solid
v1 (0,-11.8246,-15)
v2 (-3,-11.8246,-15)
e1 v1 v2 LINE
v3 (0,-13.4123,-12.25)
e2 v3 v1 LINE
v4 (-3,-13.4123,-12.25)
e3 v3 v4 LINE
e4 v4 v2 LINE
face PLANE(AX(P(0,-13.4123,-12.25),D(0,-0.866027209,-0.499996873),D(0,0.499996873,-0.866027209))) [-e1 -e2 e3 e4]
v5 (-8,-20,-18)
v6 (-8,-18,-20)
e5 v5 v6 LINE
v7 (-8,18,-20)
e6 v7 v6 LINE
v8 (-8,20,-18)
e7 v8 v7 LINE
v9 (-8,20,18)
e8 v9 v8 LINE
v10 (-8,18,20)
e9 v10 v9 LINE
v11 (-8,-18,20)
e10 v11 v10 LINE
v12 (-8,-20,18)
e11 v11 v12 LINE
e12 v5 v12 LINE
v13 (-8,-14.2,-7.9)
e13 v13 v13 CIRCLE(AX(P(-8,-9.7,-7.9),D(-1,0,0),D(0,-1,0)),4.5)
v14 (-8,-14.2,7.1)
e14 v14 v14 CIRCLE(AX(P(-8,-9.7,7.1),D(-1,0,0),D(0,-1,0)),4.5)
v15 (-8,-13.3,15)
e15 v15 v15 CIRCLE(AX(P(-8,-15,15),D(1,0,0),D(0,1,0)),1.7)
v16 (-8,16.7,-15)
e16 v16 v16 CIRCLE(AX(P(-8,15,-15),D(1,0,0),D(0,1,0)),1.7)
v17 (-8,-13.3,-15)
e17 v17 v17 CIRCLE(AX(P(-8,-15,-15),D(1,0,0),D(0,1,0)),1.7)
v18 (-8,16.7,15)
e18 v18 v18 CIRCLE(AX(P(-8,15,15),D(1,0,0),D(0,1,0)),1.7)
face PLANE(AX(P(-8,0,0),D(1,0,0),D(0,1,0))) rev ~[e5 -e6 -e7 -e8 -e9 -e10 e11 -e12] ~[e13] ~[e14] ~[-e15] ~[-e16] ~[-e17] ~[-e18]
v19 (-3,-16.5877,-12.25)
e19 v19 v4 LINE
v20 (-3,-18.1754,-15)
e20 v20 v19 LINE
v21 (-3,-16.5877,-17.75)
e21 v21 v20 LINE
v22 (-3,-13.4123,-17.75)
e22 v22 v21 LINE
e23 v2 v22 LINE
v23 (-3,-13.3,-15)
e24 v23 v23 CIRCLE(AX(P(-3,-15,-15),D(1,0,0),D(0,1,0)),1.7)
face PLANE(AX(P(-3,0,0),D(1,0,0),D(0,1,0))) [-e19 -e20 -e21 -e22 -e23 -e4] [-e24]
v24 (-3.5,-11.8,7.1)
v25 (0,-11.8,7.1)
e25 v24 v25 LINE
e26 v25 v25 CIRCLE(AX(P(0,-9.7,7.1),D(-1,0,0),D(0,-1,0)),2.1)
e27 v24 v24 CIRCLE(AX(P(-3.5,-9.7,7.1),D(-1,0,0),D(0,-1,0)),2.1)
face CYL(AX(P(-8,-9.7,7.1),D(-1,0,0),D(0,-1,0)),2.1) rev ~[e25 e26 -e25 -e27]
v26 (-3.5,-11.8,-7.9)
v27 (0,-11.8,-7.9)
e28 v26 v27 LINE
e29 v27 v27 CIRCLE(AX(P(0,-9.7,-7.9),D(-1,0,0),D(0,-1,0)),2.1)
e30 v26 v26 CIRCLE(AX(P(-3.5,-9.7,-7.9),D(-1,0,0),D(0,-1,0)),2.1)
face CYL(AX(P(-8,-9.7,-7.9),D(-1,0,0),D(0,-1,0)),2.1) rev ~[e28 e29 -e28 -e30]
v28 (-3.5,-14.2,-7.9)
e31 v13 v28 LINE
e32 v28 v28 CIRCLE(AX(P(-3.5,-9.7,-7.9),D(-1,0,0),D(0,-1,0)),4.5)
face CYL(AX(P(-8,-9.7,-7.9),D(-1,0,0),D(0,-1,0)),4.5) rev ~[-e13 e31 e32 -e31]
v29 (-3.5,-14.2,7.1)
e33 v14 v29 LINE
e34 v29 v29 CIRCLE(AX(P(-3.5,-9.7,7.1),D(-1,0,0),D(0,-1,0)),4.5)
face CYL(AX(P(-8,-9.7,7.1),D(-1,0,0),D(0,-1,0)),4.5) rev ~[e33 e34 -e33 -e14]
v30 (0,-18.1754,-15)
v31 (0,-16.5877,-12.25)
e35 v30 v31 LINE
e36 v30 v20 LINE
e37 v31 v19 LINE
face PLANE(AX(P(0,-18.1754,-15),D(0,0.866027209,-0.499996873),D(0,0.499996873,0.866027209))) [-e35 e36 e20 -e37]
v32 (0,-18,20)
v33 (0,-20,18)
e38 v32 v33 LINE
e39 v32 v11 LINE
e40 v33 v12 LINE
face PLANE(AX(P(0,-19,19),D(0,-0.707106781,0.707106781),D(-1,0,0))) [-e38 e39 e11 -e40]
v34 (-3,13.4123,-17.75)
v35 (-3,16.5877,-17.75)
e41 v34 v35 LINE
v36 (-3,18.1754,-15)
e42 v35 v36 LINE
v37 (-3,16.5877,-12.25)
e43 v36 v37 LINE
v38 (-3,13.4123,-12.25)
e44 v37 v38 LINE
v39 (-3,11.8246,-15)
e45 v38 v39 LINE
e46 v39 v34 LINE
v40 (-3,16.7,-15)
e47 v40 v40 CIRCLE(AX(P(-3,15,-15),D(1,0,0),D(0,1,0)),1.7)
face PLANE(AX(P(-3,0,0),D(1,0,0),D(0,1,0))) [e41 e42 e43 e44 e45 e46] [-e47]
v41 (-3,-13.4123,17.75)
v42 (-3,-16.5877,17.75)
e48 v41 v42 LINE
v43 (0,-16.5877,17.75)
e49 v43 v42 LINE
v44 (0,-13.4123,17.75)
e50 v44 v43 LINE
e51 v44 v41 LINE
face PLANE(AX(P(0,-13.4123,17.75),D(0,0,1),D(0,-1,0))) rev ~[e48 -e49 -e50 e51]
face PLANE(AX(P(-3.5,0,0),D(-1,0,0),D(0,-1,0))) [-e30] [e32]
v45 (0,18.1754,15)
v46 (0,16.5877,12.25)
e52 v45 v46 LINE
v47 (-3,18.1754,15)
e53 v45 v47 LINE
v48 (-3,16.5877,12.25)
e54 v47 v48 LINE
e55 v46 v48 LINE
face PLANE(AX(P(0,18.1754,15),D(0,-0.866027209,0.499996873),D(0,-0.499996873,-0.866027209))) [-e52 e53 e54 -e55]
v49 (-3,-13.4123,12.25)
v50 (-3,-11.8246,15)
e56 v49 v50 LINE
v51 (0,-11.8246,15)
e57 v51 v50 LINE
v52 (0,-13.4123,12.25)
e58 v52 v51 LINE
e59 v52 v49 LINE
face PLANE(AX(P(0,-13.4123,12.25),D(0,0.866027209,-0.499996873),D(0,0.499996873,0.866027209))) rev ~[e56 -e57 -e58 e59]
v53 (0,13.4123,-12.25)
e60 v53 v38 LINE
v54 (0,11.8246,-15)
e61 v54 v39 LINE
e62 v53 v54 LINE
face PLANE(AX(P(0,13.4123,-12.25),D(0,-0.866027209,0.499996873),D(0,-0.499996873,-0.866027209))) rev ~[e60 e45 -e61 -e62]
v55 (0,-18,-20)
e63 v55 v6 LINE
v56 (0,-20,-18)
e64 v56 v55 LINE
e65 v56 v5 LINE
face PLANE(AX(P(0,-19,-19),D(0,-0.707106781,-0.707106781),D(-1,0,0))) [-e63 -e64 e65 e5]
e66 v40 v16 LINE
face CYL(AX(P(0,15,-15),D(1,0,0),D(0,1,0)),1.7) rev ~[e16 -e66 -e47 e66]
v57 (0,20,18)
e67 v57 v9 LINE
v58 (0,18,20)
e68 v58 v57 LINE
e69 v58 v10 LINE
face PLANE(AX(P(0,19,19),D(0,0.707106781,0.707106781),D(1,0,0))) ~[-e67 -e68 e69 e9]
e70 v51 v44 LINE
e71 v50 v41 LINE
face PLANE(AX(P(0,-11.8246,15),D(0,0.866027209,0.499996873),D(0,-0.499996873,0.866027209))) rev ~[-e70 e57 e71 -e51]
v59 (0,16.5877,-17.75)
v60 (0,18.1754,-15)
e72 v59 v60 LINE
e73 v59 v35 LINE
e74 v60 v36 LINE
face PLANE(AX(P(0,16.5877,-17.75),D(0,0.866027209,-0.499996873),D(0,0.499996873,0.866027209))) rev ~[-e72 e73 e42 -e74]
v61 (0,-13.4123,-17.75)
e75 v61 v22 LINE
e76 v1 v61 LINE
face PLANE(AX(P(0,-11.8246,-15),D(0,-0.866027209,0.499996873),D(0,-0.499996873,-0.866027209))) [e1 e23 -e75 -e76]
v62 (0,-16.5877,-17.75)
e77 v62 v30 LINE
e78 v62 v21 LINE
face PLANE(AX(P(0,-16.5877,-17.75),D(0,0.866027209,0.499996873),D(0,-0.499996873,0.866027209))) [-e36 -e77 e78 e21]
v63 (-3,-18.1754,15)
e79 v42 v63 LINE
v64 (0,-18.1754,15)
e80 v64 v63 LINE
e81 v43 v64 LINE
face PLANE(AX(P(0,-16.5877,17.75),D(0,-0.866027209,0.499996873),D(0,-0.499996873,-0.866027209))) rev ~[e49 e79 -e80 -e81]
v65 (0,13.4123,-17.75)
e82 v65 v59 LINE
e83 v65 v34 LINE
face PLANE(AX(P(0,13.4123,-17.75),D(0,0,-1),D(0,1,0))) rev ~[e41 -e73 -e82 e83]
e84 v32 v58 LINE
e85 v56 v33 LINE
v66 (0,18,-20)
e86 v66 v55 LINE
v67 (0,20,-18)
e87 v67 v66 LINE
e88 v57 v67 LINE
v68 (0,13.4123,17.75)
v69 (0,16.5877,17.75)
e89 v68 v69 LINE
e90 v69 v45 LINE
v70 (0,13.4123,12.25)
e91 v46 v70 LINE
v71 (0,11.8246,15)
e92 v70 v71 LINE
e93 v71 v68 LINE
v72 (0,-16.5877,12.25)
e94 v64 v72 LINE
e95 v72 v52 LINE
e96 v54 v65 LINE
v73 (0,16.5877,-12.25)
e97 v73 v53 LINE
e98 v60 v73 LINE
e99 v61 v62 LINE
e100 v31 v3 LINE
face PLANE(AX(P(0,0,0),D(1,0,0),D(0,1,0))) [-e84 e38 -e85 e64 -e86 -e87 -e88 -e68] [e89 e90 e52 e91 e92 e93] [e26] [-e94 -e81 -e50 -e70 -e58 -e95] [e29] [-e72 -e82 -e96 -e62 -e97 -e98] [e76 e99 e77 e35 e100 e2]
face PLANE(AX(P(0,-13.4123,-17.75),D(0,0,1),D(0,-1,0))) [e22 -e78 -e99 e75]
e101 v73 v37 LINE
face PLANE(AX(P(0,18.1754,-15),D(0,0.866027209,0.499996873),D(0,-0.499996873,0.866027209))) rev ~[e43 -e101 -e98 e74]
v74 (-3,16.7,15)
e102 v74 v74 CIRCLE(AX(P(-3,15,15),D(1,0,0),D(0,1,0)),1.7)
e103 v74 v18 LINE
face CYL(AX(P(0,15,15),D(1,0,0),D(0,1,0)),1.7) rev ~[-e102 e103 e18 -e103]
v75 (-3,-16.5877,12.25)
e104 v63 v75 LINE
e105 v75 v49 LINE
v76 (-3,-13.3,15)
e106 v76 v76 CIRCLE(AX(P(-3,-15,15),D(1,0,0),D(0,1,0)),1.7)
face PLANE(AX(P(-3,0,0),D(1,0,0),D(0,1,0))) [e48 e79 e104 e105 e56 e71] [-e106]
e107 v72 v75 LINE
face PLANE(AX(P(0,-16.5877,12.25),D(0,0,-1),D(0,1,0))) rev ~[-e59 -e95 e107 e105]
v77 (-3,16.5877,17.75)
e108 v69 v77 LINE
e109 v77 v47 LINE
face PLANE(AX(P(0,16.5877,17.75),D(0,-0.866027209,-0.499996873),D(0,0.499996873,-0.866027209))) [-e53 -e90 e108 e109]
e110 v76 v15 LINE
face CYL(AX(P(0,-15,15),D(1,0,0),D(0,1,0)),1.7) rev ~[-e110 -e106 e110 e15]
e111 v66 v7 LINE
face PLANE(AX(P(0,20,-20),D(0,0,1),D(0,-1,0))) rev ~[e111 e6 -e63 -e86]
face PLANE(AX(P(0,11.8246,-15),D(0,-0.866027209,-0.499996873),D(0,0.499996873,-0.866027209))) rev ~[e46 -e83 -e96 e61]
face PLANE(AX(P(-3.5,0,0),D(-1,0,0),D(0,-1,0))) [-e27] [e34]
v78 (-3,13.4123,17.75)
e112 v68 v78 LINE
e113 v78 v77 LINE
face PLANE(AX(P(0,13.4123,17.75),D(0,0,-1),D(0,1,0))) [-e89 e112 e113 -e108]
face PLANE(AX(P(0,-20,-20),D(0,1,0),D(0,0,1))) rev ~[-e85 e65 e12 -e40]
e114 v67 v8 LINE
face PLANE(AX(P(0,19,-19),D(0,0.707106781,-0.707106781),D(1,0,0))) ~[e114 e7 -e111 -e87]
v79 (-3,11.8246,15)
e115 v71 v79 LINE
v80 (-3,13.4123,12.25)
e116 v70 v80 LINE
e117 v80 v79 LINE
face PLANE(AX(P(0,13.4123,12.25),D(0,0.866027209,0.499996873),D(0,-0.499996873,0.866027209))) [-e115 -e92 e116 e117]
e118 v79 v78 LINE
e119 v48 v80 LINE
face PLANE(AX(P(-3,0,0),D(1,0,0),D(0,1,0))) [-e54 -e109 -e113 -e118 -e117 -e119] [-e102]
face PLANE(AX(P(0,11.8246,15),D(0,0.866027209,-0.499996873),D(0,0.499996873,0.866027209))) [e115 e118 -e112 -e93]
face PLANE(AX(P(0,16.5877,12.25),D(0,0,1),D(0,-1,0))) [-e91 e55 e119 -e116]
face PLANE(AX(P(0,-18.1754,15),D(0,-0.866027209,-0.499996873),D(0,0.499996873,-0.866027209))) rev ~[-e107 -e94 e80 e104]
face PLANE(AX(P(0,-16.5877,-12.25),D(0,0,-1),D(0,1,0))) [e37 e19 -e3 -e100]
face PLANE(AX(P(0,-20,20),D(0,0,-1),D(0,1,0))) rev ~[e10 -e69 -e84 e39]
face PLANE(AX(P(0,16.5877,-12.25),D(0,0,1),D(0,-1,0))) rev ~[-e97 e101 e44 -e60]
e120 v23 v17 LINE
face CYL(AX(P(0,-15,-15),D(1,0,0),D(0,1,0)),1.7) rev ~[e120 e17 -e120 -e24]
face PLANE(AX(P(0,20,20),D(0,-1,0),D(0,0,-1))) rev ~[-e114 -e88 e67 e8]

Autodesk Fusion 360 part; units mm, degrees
sketch "ValveAdapterBase" plane through (0, 0, 0) normal (1, 0, 0) x (0, 1, 0) in component "ValveHalterung"
  line L0 (-15, 15) -> (15, 15) construction
  line L1 (15, 15) -> (15, -15) construction
  line L2 (15, -15) -> (-15, -15) construction
  line L3 (-15, -15) -> (-15, 15) construction
  line L4 (-15, 15) -> (15, -15) construction
  line L5 (15, 15) -> (-15, -15) construction
  circle A0 centre (15, 15) radius 1.7
  circle A1 centre (15, -15) radius 1.7
  circle A2 centre (-15, -15) radius 1.7
  circle A3 centre (-15, 15) radius 1.7
  line L6 (-20, 20) -> (20, 20)
  line L7 (20, 20) -> (20, -20)
  line L8 (20, -20) -> (-20, -20)
  line L9 (-20, -20) -> (-20, 20)
  line L10 (-20, 20) -> (20, -20) construction
  line L11 (20, 20) -> (-20, -20) construction
  line L12 (-16.5877, 17.75) -> (-18.1754, 15)
  line L13 (-18.1754, 15) -> (-16.5877, 12.25)
  line L14 (-16.5877, 12.25) -> (-13.4123, 12.25)
  line L15 (-13.4123, 12.25) -> (-11.8246, 15)
  line L16 (-11.8246, 15) -> (-13.4123, 17.75)
  line L17 (-13.4123, 17.75) -> (-16.5877, 17.75)
  line L18 (0, 33) -> (0, -35) construction
  line L19 (41, 0) -> (-42, 0) construction
  line L20 (11.8246, 15) -> (13.4123, 17.75)
  line L21 (13.4123, 17.75) -> (16.5877, 17.75)
  line L22 (16.5877, 17.75) -> (18.1754, 15)
  line L23 (18.1754, 15) -> (16.5877, 12.25)
  line L24 (13.4123, 12.25) -> (11.8246, 15)
  line L25 (16.5877, 12.25) -> (13.4123, 12.25)
  line L26 (-18.1754, -15) -> (-16.5877, -12.25)
  line L27 (-16.5877, -12.25) -> (-13.4123, -12.25)
  line L28 (-13.4123, -12.25) -> (-11.8246, -15)
  line L29 (-11.8246, -15) -> (-13.4123, -17.75)
  line L30 (-16.5877, -17.75) -> (-18.1754, -15)
  line L31 (-13.4123, -17.75) -> (-16.5877, -17.75)
  line L32 (18.1754, -15) -> (16.5877, -12.25)
  line L33 (16.5877, -12.25) -> (13.4123, -12.25)
  line L34 (13.4123, -12.25) -> (11.8246, -15)
  line L35 (11.8246, -15) -> (13.4123, -17.75)
  line L36 (16.5877, -17.75) -> (18.1754, -15)
  line L37 (13.4123, -17.75) -> (16.5877, -17.75)
  circle A4 centre (7.3158, 9.4632) radius 2.1
  point P0 (-15, 15)
  dimension "d4" = 30
  dimension "d7" = 3.4
  dimension "d8" = 3.4
  dimension "d9" = 3.4
  dimension "d10" = 3.4
  dimension "d12" = 40
  dimension "d17" = 2.75
  dimension "d22" = 4.2
extrude "Extrude1" add sketch "ValveAdapterBase" against normal blind 8 contours L6 L7 L8 L9 | L12 L13 L14 L15 L16 L17 | L20 L21 L22 L23 L24 L25 | L26 L27 L28 L29 L30 L31 | L32 L33 L34 L35 L36 L37 | A4 in component "ValveHalterung"
extrude "Extrude2" cut sketch "ValveAdapterBase" against normal blind 3 contours L12 L13 L14 L15 L16 L17 | L20 L21 L22 L23 L24 L25 | L26 L27 L28 L29 L30 L31 | L32 L33 L34 L35 L36 L37 in component "ValveHalterung"
sketch "ValveAdapterScrews" plane through (-8, 0, 0) normal (-1, 0, 0) x (0, -1, 0) in component "ValveHalterung"
  circle A0 centre (-15, 15) radius 1.7
  circle A1 centre (15, 15) radius 1.7
  circle A2 centre (-15, -15) radius 1.7
  circle A3 centre (15, -15) radius 1.7
  line L0 (-20, -20) -> (20, -20)
  line L1 (20, -20) -> (20, 20)
  line L2 (20, 20) -> (-20, 20)
  line L3 (-20, 20) -> (-20, -20)
  line L4 (-15, 11) -> (15, 11) construction
  line L5 (15, 11) -> (15, -11) construction
  line L6 (15, -11) -> (-15, -11) construction
  line L7 (-15, -11) -> (-15, 11) construction
  line L8 (-15, 11) -> (15, -11) construction
  line L9 (15, 11) -> (-15, -11) construction
  circle A4 centre (9.7, 7.1) radius 2.1
  line L10 (11.8, 7.1) -> (11.8, 11) construction
  line L11 (9.7, 9.2) -> (15, 9.2) construction
  line L12 (31, -0.4) -> (-34, -0.4) construction
  circle A5 centre (9.7, -7.9) radius 2.1
  circle A6 centre (9.7, 7.1) radius 4.5
  circle A7 centre (9.7, -7.9) radius 4.5
  dimension "d35" = 30
  dimension "d36" = 22
  dimension "d37" = 4.2
  dimension "d38" = 3.2
  dimension "d39" = 1.8
  dimension "d42" = 9
  dimension "d47" = 15
extrude "Extrude3" cut sketch "ValveAdapterScrews" against normal up to surface (8 mm away) contours A4 | A5 in component "ValveHalterung"
extrude "Extrude4" cut sketch "ValveAdapterScrews" against normal blind 4.5 contours A6 | A7 in component "ValveHalterung"
chamfer "Chamfer1" distance 2 angle 45 4 edges at (-4, -20, 20) (-4, 20, 20) (-4, -20, -20) (-4, 20, -20) in component "ValveHalterung"
component "ValveHalterung" placed x (1, 0, 0) y (0, 1, 0) z (0, 0, 1) at (0, 0, 0)
equation "Staging_Plate_Spacing = 30 mm" comment "M3 Screws"
equation "d4 = Staging_Plate_Spacing"
equation "M3_Screw_Diameter = 3.4 mm"
equation "d7 = M3_Screw_Diameter"
equation "d8 = M3_Screw_Diameter"
equation "d9 = M3_Screw_Diameter"
equation "d10 = M3_Screw_Diameter"
equation "Outer_Edge = 40 mm"
equation "d12 = Outer_Edge"
equation "M3_Nut_Edge = 5.5 mm"
equation "d17 = M3_Nut_Edge / 2"
equation "M3_Nut_Extrusion = 3 mm"
equation "d19 = -M3_Nut_Extrusion"
equation "Valve_Screw_Diameter = 4.2 mm" comment "M4 Screw?"
equation "d22 = Valve_Screw_Diameter"
equation "d37 = Valve_Screw_Diameter"
equation "d42 = Valve_Screw_Head_Diameter"
equation "Valve_Screw_Head_Diameter = 9 mm"
